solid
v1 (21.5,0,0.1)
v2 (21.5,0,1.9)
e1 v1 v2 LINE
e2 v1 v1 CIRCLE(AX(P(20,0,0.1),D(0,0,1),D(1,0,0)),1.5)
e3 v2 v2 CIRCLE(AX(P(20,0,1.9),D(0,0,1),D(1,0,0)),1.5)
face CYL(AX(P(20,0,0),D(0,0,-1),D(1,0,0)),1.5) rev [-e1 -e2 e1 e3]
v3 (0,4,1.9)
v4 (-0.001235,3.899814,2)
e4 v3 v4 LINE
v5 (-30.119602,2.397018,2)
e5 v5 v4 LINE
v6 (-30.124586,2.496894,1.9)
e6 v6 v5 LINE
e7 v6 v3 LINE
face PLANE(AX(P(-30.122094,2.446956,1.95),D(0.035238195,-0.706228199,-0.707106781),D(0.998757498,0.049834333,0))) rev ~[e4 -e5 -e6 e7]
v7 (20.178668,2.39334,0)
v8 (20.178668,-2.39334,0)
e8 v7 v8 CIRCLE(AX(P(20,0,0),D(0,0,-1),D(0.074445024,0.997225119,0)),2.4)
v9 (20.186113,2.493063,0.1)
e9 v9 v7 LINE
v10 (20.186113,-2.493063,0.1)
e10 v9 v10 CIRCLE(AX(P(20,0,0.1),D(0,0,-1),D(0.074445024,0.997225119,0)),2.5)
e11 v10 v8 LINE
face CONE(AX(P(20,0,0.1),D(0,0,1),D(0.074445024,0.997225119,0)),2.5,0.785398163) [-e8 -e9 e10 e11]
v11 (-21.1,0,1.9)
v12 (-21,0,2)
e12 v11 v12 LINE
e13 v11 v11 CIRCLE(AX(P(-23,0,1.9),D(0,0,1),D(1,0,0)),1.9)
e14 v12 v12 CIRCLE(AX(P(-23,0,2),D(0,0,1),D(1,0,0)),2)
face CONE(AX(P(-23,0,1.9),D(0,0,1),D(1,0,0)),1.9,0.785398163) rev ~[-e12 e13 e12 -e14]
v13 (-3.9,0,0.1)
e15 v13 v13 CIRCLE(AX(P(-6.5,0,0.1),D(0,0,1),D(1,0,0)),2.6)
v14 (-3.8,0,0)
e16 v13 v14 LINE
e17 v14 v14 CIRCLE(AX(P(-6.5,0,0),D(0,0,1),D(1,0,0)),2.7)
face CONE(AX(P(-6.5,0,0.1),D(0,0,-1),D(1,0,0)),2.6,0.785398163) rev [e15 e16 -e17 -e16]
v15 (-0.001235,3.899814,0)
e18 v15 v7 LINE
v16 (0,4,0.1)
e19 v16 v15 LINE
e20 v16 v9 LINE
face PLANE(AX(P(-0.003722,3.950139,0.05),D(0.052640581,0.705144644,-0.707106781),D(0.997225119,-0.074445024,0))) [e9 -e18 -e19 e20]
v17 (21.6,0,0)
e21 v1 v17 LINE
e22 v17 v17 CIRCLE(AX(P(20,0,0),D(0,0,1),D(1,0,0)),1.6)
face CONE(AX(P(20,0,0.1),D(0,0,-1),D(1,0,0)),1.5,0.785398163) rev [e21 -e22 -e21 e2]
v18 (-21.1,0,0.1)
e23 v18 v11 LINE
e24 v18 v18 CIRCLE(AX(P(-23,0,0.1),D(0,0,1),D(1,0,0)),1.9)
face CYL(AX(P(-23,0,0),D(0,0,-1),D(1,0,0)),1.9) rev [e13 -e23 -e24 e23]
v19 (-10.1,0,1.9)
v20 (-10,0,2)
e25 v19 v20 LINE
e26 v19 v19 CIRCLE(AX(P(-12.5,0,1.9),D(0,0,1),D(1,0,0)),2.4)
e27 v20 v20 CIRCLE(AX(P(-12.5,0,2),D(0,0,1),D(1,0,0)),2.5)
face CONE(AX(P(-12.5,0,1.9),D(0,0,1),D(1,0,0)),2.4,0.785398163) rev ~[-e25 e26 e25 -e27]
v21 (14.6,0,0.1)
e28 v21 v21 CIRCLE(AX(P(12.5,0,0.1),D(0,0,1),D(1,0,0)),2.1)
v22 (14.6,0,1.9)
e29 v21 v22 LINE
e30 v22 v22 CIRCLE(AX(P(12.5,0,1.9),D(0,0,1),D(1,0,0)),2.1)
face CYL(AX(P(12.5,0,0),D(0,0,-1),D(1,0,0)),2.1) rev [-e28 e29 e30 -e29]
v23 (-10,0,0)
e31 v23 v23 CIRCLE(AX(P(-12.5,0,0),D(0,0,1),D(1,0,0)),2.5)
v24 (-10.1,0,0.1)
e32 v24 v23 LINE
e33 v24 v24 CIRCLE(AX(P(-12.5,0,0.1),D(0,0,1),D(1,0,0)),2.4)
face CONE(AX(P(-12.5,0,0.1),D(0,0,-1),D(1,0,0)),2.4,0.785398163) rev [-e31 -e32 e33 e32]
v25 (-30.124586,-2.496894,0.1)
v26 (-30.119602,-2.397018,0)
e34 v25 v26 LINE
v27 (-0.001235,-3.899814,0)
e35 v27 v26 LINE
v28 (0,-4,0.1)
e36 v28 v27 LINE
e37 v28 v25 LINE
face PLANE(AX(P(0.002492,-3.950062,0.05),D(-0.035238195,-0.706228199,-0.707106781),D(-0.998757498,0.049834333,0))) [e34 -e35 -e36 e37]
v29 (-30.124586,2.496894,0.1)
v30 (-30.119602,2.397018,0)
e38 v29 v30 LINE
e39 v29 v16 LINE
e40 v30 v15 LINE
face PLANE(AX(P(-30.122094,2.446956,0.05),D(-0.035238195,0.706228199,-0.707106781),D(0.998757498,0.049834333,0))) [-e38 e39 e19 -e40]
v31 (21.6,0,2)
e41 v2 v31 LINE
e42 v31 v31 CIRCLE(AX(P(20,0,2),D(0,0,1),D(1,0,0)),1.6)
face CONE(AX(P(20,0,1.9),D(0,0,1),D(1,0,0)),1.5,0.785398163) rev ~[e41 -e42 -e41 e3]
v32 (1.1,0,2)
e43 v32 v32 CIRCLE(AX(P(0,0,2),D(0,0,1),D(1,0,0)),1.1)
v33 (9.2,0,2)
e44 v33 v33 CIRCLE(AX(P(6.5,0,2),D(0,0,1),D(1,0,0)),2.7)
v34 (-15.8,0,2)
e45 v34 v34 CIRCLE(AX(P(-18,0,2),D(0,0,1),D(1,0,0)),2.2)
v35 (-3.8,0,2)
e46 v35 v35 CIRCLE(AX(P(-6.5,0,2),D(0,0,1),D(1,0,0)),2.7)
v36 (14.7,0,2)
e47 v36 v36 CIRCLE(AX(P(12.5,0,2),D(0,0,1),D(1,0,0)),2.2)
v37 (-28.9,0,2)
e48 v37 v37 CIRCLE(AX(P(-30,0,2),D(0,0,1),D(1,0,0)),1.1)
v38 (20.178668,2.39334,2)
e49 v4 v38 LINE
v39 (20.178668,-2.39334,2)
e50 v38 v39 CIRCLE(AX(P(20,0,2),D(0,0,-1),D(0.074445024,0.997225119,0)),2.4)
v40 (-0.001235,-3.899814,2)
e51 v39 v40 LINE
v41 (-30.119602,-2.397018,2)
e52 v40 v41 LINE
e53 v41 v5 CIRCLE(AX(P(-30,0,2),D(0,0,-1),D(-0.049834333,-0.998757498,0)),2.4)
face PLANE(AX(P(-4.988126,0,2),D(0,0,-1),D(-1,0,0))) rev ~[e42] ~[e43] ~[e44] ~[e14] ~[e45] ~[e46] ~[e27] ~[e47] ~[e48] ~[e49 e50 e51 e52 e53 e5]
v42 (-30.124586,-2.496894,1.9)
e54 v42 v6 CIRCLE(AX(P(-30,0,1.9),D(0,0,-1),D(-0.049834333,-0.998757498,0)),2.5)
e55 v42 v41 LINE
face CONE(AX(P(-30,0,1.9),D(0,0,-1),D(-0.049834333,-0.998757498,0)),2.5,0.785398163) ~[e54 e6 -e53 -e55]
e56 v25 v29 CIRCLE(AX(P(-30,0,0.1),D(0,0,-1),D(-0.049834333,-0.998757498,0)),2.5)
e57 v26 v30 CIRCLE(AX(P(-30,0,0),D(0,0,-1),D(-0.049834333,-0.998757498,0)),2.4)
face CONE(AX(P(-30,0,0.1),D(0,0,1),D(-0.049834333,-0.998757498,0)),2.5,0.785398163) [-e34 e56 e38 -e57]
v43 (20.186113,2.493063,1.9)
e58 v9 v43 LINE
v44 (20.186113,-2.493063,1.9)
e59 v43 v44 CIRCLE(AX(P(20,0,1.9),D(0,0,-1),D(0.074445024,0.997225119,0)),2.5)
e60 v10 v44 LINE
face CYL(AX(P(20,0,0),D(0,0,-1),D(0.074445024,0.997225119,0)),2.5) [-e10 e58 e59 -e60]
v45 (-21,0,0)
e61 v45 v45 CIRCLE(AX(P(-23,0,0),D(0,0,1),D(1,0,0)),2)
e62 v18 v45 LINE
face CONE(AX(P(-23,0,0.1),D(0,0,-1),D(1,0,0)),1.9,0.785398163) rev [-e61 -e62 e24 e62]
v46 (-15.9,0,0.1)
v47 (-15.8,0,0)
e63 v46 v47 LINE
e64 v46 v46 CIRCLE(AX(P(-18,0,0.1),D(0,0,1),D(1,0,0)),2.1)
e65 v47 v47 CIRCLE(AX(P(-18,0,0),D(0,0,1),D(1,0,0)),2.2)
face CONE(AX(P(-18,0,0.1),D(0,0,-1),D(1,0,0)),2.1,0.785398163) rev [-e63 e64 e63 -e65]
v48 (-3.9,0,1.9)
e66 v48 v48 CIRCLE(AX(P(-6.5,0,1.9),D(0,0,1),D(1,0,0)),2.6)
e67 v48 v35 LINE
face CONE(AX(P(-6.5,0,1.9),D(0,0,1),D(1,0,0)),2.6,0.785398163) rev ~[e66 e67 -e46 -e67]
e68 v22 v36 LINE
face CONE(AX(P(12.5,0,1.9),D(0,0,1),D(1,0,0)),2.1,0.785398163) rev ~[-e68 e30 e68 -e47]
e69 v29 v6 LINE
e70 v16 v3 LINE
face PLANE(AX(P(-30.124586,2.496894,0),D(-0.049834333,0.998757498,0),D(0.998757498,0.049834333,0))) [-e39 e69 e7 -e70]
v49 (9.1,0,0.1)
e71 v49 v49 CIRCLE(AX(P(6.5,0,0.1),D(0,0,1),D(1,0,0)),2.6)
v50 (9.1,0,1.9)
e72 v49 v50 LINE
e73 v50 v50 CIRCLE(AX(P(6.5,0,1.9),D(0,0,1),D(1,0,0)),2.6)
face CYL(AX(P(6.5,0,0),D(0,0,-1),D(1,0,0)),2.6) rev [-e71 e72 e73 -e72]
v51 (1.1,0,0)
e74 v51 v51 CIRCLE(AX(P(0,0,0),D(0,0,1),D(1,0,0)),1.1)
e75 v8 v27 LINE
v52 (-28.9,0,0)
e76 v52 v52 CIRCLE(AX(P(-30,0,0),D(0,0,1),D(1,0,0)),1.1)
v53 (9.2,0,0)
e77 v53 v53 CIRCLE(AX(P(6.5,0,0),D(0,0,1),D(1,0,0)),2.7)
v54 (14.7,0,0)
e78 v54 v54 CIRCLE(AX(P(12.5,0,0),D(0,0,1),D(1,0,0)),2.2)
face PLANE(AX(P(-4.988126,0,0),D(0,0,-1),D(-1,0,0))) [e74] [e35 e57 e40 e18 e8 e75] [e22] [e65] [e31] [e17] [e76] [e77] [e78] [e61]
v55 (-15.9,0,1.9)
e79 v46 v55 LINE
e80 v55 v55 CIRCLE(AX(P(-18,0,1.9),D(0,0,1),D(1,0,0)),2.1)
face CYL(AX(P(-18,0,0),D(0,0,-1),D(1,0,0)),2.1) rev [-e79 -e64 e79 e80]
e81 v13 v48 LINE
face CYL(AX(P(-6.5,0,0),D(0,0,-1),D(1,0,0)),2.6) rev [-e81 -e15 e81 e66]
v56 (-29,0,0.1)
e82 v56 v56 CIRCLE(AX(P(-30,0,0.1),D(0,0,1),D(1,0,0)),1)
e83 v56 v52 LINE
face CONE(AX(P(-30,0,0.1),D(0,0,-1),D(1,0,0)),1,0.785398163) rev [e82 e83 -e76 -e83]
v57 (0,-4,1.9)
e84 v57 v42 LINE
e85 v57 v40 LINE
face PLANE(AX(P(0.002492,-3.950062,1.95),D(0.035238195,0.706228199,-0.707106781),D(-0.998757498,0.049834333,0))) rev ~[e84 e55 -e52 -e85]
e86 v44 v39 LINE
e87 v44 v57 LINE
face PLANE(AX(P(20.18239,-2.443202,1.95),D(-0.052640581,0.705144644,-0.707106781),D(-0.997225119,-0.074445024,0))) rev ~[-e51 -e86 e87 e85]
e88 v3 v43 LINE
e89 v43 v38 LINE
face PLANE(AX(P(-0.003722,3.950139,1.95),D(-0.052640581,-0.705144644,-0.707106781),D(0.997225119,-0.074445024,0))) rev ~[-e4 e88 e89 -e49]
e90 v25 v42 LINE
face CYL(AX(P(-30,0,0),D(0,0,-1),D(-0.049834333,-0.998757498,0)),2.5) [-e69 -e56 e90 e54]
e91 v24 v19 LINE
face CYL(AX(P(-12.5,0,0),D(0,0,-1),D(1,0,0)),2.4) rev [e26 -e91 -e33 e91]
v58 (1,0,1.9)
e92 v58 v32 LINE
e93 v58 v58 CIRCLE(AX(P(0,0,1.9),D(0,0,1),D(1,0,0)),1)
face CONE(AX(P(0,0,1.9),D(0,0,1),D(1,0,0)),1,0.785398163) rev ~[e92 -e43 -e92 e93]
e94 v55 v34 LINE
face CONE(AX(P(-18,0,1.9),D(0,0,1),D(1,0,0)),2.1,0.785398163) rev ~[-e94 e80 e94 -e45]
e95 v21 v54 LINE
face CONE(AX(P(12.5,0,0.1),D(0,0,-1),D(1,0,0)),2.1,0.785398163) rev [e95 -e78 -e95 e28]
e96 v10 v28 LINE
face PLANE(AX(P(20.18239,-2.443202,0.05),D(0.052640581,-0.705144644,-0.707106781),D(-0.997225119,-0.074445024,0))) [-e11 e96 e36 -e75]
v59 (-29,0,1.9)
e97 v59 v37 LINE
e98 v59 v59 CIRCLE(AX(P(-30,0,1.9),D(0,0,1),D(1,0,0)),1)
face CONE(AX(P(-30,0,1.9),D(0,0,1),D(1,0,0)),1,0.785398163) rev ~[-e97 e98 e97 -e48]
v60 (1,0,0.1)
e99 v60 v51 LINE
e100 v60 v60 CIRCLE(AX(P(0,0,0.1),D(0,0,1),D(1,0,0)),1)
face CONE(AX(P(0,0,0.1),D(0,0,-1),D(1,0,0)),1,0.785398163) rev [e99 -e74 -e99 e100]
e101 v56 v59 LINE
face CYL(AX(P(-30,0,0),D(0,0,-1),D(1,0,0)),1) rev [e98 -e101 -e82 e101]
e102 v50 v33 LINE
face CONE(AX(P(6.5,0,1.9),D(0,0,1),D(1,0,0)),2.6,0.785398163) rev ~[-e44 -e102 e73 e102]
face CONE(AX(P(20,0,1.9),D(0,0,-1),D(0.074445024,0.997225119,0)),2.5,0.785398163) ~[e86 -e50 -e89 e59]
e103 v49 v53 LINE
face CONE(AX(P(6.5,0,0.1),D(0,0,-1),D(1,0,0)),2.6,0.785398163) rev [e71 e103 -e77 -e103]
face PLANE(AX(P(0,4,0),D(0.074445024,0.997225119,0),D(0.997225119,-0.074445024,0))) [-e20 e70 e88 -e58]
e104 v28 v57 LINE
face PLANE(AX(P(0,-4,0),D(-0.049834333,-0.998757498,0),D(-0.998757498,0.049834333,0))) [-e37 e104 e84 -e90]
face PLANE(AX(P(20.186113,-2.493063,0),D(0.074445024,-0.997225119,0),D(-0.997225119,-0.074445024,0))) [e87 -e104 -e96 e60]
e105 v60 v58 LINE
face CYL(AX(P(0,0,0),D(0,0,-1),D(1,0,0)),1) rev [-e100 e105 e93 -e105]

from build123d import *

# Parameters (mm, degrees)
SKETCH1_R           = 1
SKETCH1_R_2         = 1.9
SKETCH1_R_3         = 2.1
SKETCH1_R_4         = 2.4
SKETCH1_R_5         = 1.5
SKETCH1_R_6         = 2.6
BOSS_EXTRUDE1_DEPTH = 2
CHAMFER1_SIZE       = 0.1


with BuildPart() as part:
    # Sketch1 → Boss-Extrude1 (new body)
    with BuildSketch(Plane.XY):
        with BuildLine():
            Line((-30.124585833, 2.496893744), (0, 4))
            Line((0, 4), (20.18611256, 2.493062798))
            ThreePointArc((20.18611256, 2.493062798), (22.5, 0), (20.18611256, -2.493062798))
            Line((20.18611256, -2.493062798), (0, -4))
            Line((0, -4), (-30.124585833, -2.496893744))
            ThreePointArc((-30.124585833, -2.496893744), (-32.5, 0), (-30.124585833, 2.496893744))
        make_face()
        with Locations((-30, 0)):
            Circle(SKETCH1_R, mode=Mode.SUBTRACT)
        with Locations((-23, 0)):
            Circle(SKETCH1_R_2, mode=Mode.SUBTRACT)
        with Locations((-18, 0)):
            Circle(SKETCH1_R_3, mode=Mode.SUBTRACT)
        with Locations((-12.5, 0)):
            Circle(SKETCH1_R_4, mode=Mode.SUBTRACT)
        Circle(SKETCH1_R, mode=Mode.SUBTRACT)
        with Locations((20, 0)):
            Circle(SKETCH1_R_5, mode=Mode.SUBTRACT)
        with Locations((-6.5, 0)):
            Circle(SKETCH1_R_6, mode=Mode.SUBTRACT)
        with Locations((6.5, 0)):
            Circle(SKETCH1_R_6, mode=Mode.SUBTRACT)
        with Locations((12.5, 0)):
            Circle(SKETCH1_R_3, mode=Mode.SUBTRACT)
    extrude(amount=BOSS_EXTRUDE1_DEPTH)

    # Chamfer1
    chamfer1_edges = [part.edges().sort_by_distance(p)[0] for p in [
        (10.09305628, -3.246531399, 2),
        (22.5, 0, 2),
        (-31, 0, 0),
        (-31, 0, 2),
        (-24.9, 0, 0),
        (10.09305628, 3.246531399, 2),
        (-24.9, 0, 2),
        (-20.1, 0, 0),
        (-15.062292916, 3.248446872, 2),
        (-20.1, 0, 2),
        (-14.9, 0, 0),
        (-14.9, 0, 2),
        (-1, 0, 0),
        (-1, 0, 2),
        (18.5, 0, 0),
        (18.5, 0, 2),
        (-9.1, 0, 0),
        (-9.1, 0, 2),
        (10.4, 0, 0),
        (10.4, 0, 2),
        (3.9, 0, 0),
        (3.9, 0, 2),
        (-32.5, 0, 2),
        (-15.062292916, 3.248446872, 0),
        (10.09305628, 3.246531399, 0),
        (22.5, 0, 0),
        (10.09305628, -3.246531399, 0),
        (-15.062292916, -3.248446872, 0),
        (-32.5, 0, 0),
        (-15.062292916, -3.248446872, 2),
    ]]
    chamfer(chamfer1_edges, length=CHAMFER1_SIZE)


solid = part.part
